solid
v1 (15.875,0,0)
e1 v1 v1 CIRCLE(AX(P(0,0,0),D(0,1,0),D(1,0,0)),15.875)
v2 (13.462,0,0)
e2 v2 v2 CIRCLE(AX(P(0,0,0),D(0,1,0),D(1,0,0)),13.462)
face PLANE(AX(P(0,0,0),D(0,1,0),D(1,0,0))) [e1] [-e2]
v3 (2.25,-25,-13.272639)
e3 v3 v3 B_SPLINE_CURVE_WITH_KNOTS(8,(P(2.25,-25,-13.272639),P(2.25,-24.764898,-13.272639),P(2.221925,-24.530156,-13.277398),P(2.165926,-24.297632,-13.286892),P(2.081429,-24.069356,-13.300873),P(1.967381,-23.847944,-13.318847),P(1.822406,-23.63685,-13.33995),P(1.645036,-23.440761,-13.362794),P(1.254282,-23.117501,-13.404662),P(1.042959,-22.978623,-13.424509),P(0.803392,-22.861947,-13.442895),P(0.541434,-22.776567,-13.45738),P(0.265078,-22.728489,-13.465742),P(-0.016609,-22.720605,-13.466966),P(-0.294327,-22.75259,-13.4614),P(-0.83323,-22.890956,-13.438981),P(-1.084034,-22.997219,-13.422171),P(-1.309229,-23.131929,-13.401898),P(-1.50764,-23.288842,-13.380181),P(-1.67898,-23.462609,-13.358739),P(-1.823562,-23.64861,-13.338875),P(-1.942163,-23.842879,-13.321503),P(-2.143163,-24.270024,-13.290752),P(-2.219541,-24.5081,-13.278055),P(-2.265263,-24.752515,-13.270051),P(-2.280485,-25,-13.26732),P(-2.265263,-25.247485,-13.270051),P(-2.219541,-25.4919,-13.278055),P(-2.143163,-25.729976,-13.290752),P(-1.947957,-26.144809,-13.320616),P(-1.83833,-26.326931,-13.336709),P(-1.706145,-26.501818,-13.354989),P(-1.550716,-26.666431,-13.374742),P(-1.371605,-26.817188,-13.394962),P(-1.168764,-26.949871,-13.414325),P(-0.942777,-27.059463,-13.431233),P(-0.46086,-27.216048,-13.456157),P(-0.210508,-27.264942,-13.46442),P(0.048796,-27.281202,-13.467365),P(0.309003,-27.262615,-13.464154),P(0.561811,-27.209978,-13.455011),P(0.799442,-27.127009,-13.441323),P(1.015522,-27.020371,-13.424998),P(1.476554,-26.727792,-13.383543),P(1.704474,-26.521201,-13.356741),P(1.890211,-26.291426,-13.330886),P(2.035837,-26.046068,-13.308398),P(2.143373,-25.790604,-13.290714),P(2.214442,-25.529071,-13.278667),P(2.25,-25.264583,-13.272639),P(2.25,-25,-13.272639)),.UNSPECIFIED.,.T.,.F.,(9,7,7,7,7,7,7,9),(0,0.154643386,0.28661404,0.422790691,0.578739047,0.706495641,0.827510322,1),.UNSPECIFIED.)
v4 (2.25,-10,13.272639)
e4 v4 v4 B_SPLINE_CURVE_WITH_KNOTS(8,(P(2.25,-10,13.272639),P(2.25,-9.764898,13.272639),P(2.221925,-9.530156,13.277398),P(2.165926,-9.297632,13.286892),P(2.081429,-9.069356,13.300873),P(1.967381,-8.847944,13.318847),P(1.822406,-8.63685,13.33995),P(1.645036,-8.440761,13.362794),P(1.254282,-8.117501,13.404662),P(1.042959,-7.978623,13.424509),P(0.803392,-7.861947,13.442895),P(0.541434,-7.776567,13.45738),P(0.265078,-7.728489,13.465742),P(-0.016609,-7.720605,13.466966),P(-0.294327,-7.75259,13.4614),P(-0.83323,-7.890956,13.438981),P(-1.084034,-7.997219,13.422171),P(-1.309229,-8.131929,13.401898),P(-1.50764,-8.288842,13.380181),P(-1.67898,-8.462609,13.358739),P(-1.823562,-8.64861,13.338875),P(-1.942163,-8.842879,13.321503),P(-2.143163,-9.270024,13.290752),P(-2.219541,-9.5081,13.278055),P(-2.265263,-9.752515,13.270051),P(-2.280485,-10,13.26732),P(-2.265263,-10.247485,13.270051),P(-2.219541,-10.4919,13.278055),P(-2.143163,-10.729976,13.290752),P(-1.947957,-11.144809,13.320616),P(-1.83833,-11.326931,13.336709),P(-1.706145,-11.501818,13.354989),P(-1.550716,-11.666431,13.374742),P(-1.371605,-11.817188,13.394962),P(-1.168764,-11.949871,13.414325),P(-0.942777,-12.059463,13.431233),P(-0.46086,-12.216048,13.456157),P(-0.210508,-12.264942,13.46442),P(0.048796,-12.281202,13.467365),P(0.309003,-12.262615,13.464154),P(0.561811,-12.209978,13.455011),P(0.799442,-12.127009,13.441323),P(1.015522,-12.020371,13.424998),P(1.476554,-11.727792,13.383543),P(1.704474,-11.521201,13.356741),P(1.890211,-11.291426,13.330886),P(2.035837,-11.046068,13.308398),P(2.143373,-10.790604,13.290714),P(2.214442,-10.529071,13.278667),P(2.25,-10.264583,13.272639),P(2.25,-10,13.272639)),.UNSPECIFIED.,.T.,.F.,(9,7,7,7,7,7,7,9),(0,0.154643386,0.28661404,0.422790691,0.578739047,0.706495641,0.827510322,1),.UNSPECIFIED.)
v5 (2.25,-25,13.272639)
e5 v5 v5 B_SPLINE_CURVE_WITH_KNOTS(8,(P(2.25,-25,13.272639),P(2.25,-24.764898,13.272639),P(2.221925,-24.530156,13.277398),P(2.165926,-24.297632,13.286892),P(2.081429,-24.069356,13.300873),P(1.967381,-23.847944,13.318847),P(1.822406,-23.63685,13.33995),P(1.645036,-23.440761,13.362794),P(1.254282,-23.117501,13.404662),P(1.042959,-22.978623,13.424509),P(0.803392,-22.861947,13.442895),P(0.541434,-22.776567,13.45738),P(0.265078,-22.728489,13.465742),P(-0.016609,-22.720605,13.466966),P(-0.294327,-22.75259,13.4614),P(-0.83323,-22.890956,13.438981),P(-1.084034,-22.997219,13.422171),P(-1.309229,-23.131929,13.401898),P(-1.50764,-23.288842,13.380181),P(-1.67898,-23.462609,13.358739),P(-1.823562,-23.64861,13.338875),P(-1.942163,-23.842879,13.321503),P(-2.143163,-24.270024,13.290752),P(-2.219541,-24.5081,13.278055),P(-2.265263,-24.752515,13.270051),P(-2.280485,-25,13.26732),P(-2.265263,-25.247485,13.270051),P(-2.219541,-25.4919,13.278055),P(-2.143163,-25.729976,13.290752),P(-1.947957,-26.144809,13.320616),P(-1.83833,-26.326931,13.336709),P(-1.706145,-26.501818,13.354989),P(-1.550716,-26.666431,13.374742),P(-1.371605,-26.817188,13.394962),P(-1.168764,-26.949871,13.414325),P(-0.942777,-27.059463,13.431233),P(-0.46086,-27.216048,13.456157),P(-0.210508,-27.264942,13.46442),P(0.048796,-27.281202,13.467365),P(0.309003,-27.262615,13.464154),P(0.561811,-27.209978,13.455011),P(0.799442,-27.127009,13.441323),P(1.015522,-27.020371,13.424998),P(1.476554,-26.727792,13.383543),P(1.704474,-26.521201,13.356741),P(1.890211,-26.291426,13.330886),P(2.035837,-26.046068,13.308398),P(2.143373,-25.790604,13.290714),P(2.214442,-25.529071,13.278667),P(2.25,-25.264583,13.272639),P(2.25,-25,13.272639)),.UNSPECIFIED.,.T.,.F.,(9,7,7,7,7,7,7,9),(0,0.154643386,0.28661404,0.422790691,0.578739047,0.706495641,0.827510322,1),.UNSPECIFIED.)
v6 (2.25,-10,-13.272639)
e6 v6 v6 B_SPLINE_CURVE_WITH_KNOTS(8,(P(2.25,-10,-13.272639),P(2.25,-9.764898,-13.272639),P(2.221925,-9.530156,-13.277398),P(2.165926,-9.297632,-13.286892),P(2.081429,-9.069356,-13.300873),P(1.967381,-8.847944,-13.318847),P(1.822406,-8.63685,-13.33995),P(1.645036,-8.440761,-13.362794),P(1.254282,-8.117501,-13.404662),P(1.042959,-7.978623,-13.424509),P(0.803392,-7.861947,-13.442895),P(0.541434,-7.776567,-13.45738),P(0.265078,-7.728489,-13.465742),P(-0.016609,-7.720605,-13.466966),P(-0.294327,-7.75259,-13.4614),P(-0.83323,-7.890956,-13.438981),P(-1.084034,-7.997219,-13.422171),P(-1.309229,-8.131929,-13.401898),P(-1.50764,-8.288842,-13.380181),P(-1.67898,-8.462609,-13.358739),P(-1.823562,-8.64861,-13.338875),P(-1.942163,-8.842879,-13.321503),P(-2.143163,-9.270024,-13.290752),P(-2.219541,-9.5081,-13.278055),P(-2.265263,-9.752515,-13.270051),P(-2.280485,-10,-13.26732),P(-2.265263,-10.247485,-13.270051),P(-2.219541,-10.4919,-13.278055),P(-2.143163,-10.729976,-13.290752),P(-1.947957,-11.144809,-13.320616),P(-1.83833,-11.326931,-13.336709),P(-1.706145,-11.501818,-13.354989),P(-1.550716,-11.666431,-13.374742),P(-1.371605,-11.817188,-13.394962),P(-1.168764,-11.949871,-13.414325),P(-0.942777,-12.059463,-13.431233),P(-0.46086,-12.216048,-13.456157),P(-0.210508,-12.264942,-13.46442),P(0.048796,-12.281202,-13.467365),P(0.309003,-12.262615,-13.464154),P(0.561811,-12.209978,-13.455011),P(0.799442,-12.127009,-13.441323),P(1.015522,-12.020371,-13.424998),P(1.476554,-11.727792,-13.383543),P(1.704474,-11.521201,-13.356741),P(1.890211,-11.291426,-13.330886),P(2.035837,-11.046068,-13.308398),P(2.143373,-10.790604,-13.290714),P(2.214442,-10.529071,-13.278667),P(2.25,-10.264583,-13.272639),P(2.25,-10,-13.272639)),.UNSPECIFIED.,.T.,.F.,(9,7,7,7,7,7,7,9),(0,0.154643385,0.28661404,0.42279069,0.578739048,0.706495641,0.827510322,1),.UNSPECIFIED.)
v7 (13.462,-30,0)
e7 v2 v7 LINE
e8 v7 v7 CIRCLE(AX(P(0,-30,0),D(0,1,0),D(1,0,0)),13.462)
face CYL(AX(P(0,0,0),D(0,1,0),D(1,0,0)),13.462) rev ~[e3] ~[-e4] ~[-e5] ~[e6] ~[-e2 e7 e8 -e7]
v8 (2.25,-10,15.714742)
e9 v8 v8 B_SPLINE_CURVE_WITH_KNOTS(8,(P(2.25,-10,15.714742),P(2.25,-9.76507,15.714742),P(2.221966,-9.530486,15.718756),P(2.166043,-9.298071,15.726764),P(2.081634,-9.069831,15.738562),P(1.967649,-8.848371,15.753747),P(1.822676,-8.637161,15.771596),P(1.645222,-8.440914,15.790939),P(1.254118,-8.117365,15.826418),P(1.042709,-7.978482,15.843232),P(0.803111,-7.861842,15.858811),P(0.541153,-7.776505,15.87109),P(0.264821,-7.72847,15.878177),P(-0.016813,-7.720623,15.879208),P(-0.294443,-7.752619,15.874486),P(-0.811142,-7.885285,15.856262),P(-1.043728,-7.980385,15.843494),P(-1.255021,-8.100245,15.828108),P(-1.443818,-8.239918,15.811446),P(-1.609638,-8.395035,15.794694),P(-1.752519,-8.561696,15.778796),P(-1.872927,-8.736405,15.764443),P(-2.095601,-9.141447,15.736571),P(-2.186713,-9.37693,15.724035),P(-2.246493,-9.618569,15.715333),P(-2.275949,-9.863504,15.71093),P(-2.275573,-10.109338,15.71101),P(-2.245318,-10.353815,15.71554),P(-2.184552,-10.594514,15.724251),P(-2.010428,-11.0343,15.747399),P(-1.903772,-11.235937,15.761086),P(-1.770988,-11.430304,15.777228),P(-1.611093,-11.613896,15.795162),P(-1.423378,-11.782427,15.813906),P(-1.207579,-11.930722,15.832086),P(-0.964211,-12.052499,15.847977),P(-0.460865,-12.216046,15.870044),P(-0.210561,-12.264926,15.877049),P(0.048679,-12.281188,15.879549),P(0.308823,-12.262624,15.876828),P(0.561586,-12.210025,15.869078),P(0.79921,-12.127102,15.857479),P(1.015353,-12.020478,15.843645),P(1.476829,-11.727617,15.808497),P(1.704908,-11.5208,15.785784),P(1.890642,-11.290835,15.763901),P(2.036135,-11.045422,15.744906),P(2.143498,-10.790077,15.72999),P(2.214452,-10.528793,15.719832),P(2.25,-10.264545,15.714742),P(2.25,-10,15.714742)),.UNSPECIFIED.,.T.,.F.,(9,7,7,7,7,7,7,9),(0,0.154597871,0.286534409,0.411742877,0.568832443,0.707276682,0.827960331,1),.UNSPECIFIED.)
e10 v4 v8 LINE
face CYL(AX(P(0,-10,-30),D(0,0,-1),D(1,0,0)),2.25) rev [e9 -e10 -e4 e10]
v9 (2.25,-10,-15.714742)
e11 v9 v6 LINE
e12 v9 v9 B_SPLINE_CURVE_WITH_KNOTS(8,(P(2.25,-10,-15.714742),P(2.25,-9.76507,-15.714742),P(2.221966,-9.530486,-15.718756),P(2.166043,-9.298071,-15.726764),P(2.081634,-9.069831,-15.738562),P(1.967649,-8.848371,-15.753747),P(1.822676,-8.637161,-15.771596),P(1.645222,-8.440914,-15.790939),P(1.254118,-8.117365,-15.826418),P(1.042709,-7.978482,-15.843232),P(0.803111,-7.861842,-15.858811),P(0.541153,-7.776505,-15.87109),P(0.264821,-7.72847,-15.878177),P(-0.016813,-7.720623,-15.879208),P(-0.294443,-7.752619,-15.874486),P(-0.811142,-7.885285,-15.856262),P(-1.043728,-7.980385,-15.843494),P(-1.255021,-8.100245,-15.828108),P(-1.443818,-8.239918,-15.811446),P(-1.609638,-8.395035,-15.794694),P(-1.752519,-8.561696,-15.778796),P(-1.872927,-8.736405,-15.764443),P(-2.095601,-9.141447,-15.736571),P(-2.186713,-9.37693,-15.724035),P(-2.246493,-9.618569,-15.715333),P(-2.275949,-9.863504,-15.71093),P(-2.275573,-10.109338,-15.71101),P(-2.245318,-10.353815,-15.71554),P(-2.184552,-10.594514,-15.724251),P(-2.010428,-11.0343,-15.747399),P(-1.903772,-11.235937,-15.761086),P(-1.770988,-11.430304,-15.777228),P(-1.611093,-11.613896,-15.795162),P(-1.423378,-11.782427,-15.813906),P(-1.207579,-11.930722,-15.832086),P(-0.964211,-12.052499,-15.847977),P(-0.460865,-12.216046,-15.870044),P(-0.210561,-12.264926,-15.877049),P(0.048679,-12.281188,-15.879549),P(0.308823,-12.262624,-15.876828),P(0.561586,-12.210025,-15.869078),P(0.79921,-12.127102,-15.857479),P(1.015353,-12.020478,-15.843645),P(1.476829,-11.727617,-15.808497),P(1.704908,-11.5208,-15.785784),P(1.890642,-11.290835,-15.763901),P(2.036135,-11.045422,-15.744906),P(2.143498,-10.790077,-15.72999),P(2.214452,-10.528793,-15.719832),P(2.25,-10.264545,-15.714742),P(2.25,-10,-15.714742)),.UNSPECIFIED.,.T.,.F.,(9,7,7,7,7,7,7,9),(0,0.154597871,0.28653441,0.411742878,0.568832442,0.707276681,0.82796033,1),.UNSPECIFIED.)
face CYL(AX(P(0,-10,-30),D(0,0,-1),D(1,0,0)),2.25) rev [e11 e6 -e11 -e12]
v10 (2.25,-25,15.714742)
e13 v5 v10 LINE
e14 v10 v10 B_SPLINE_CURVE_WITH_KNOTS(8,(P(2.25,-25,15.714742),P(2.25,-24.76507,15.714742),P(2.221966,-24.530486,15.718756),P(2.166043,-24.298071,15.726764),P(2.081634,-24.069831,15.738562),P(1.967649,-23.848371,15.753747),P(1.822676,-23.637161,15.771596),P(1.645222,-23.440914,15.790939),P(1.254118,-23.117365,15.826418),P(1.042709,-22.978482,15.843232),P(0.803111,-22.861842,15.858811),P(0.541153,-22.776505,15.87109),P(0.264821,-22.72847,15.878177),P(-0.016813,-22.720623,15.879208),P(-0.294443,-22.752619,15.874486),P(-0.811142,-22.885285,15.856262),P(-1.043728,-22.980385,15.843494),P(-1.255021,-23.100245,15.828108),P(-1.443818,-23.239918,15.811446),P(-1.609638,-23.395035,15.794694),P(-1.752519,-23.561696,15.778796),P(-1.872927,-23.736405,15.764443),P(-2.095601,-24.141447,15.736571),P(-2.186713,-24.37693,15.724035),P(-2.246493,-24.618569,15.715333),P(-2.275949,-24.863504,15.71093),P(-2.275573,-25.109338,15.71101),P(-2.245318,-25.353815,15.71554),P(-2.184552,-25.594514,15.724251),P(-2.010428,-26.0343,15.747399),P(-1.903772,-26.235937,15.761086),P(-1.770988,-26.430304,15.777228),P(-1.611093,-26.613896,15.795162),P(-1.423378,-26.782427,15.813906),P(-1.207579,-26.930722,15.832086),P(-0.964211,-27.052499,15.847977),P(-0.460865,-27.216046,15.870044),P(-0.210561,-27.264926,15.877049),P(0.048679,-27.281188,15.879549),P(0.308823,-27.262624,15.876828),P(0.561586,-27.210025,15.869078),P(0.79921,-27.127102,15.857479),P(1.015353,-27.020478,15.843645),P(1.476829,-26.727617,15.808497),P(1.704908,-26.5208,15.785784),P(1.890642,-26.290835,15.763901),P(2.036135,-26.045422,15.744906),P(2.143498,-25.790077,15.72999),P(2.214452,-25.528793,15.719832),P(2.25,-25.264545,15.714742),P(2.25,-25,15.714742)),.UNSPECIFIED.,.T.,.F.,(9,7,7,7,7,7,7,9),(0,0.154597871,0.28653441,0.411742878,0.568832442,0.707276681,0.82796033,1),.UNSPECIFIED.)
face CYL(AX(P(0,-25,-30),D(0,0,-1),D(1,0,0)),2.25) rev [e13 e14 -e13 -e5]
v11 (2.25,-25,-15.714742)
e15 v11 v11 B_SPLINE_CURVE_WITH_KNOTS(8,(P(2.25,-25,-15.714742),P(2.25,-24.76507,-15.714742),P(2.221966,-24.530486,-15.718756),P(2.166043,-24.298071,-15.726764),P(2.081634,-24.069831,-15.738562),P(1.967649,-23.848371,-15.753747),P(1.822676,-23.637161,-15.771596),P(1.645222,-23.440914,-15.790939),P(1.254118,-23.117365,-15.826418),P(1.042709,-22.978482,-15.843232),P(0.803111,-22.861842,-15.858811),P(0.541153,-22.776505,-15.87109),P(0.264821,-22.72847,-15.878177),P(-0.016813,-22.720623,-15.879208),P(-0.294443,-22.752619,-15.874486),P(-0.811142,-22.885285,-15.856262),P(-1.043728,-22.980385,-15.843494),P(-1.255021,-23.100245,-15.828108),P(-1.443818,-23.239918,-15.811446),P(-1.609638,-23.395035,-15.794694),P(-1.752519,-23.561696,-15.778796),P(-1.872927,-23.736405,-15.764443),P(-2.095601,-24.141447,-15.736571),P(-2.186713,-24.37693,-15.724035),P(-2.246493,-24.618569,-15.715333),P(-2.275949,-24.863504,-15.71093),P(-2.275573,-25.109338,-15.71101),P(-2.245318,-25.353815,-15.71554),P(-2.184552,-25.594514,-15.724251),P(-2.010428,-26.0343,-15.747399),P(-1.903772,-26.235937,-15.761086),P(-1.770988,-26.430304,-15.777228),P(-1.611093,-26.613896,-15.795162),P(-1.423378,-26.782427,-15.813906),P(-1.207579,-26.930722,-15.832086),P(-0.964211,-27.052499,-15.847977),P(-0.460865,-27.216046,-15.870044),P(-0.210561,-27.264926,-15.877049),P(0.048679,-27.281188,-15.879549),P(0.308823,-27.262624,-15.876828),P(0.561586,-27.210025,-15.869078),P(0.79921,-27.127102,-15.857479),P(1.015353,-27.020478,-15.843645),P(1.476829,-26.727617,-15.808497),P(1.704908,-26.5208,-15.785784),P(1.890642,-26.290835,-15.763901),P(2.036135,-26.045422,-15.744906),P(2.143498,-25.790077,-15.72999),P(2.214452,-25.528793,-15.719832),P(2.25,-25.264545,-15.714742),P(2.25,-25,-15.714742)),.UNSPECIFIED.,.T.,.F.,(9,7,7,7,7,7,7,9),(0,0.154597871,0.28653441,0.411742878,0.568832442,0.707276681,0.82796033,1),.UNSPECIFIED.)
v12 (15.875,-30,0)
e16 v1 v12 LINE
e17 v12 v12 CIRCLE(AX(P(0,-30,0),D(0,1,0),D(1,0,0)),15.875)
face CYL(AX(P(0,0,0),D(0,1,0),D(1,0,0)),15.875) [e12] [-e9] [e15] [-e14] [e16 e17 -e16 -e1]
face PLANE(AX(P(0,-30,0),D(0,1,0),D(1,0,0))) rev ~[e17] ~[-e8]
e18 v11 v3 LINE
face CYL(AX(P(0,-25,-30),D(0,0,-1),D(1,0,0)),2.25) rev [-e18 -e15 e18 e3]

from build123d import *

# Parameters (mm, degrees)
SKETCH1_R               = 15.875
SKETCH1_R_2             = 13.462
BOSS_EXTRUDE1_DEPTH     = 30
CUT_EXTRUDE1_DEPTH      = 30
CUT_EXTRUDE1_DEPTH_BACK = 30
SKETCH2_R               = 2.25


with BuildPart() as part:
    # Sketch1 → Boss-Extrude1 (new body)
    with BuildSketch(Plane(origin=(0, 0, 0), x_dir=(1, 0, 0), z_dir=(0, 1, 0))):
        Circle(SKETCH1_R)
        Circle(SKETCH1_R_2, mode=Mode.SUBTRACT)
    extrude(amount=-BOSS_EXTRUDE1_DEPTH)

    # Sketch2 → Cut-Extrude1 (cut, two sides: drawn at the far end of the back side and taken through both)
    with BuildSketch(Plane.XY.offset(-CUT_EXTRUDE1_DEPTH_BACK)):
        with Locations((0, -25)):
            Circle(SKETCH2_R)
        with Locations((0, -10)):
            Circle(SKETCH2_R)
    extrude(amount=CUT_EXTRUDE1_DEPTH + CUT_EXTRUDE1_DEPTH_BACK, mode=Mode.SUBTRACT)


solid = part.part
